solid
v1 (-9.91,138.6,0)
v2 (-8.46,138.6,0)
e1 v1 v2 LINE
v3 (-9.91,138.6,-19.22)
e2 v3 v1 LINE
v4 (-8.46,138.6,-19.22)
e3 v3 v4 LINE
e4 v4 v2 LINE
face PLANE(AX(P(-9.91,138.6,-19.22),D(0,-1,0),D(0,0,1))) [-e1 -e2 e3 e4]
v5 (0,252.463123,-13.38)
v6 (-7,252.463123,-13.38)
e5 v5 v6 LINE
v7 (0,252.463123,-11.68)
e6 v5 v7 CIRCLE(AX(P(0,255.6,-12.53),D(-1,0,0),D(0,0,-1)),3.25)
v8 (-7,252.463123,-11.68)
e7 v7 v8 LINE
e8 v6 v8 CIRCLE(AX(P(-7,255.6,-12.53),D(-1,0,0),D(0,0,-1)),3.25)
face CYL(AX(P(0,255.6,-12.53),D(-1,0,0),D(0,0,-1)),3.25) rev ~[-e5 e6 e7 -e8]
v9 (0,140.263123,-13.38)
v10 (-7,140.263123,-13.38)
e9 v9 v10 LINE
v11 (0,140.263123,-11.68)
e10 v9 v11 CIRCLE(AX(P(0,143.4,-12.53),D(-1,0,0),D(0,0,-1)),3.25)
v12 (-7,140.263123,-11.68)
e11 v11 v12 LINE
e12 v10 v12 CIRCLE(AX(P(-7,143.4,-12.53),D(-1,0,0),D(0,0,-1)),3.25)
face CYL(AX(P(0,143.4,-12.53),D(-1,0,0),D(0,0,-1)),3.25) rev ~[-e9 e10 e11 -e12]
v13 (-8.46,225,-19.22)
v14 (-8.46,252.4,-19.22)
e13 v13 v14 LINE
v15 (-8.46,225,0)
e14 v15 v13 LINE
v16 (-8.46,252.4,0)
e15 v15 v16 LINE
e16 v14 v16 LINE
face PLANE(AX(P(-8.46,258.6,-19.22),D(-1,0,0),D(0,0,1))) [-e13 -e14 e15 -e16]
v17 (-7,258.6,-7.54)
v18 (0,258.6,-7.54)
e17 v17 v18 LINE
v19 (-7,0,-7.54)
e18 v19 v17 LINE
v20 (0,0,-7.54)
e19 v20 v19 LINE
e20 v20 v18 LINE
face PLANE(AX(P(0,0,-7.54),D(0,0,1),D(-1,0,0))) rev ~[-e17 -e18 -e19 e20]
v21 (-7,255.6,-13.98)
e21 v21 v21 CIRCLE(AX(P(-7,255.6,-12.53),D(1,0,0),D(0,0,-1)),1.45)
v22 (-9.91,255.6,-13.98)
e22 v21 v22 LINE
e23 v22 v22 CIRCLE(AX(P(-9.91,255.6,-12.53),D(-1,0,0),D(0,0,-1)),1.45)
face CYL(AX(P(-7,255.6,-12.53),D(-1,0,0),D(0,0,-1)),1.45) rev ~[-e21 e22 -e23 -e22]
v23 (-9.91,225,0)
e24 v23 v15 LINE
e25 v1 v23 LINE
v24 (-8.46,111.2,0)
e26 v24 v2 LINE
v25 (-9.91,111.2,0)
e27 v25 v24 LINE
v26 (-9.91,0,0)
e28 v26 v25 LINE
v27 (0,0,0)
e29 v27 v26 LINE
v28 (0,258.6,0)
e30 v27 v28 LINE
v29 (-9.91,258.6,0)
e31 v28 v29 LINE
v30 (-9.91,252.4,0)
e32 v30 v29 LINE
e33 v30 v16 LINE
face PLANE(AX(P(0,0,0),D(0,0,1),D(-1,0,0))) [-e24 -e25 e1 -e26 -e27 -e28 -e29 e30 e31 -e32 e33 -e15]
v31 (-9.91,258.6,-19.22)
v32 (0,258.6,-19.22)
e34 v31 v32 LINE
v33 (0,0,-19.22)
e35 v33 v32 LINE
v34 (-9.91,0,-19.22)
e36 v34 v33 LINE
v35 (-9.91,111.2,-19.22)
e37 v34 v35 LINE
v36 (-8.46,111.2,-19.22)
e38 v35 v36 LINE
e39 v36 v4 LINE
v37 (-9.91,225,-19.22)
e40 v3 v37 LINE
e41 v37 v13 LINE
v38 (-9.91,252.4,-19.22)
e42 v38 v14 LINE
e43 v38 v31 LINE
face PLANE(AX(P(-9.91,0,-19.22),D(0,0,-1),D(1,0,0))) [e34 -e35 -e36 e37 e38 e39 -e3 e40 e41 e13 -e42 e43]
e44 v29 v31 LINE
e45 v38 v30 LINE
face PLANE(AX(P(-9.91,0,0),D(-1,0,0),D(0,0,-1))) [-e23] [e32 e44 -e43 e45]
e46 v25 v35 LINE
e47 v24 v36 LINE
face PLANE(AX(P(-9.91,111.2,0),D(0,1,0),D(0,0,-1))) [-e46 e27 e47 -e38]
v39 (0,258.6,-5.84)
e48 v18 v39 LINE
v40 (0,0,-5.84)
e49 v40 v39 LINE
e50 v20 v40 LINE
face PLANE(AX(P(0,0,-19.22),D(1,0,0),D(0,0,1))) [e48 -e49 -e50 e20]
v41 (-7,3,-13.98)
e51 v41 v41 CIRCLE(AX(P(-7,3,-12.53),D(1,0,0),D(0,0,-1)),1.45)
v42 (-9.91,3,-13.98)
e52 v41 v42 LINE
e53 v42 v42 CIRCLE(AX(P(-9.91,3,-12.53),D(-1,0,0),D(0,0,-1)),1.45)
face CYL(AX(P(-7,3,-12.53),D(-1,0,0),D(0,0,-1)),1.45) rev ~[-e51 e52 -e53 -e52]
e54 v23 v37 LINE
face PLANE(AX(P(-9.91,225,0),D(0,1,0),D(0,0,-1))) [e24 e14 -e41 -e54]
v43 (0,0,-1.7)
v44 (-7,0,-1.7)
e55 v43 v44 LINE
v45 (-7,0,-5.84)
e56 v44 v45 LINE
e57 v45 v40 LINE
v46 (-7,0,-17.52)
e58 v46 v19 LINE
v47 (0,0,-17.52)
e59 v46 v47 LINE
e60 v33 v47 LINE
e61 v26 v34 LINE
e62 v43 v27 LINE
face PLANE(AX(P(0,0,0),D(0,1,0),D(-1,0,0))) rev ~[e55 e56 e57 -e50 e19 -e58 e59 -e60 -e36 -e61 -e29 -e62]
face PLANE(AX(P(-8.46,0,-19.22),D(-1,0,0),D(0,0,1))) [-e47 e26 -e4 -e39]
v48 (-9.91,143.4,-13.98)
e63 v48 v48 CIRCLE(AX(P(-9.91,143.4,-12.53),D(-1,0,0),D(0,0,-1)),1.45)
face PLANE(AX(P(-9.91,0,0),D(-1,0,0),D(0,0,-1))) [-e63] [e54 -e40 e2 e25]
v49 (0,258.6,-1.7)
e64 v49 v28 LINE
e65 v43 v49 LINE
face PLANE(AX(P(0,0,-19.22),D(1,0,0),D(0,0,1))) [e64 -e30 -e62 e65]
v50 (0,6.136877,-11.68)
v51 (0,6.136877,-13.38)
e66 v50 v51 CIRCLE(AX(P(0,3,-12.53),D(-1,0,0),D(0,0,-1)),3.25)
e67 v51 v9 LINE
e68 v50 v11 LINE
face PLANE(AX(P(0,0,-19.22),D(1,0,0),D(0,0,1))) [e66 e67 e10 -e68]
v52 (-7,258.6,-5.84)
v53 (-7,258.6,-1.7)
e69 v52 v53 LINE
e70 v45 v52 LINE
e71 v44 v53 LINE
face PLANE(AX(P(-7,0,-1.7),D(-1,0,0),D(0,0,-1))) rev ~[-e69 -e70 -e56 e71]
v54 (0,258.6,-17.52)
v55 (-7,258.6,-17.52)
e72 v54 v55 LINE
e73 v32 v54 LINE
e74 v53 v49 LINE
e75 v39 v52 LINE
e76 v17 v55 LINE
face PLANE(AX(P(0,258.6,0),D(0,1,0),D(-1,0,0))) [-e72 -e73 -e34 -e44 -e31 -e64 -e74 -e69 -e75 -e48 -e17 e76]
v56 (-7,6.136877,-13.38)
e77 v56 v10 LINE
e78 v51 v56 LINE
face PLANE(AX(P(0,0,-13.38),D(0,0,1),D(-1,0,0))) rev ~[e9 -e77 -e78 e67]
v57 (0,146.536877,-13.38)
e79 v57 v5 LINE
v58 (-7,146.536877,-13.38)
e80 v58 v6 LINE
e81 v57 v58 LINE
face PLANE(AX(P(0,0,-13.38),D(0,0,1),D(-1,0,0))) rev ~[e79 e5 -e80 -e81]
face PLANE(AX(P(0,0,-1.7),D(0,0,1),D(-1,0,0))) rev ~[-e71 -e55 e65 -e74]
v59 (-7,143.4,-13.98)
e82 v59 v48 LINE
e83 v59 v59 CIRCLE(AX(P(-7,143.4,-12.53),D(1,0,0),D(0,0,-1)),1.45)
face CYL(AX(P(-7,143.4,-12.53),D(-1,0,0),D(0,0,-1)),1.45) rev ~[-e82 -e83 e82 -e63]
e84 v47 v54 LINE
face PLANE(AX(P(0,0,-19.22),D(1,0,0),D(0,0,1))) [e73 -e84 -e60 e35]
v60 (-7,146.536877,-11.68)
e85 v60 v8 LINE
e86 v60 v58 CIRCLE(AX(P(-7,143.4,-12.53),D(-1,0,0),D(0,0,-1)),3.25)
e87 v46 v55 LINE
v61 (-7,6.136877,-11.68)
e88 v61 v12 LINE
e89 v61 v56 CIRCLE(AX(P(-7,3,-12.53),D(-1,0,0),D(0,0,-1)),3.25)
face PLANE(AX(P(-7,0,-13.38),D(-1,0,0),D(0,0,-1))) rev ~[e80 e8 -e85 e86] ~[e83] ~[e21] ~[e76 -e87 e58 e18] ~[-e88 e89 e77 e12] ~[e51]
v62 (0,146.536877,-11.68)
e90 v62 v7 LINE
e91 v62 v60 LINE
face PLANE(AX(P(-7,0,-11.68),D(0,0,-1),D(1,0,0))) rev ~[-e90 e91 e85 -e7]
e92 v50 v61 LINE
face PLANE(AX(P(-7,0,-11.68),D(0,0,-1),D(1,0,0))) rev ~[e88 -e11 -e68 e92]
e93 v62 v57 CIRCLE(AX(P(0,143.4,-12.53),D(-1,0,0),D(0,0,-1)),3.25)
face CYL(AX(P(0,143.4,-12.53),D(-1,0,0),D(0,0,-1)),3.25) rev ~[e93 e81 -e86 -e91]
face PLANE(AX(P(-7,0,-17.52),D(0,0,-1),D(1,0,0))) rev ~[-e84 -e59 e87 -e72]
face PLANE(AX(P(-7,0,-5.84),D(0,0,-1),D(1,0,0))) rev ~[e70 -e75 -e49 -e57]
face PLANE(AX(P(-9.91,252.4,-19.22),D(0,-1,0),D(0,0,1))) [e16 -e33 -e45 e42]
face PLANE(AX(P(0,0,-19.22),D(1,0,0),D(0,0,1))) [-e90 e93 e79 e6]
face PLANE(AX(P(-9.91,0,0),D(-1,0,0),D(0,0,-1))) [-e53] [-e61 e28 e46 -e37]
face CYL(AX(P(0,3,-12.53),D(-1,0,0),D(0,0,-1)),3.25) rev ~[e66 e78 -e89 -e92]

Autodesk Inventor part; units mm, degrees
ref_plane "YZ Plane" through (0, 0, 0) normal (1, 0, 0) x (0, 1, 0)
ref_plane "XZ Plane" through (0, 0, 0) normal (0, 1, 0) x (-1, 0, 0)
ref_plane "XY Plane" through (0, 0, 0) normal (0, 0, 1) x (1, 0, 0)
sketch "Sketch1" plane through (0, 0, 0) normal (0, 1, 0) x (-1, 0, 0)
  line L0 (0, 0) -> (9.91, 0)
  line L1 (9.91, 0) -> (9.91, -19.22)
  line L2 (9.91, -19.22) -> (0, -19.22)
  line L3 (0, -19.22) -> (0, 0)
  dimension "d0" = 19.22
  dimension "d1" = 9.91
extrude "Extrusion1" add sketch "Sketch1" along normal blind 258.6
sketch "Sketch2" plane through (0, 0, 0) normal (0, -1, 0) x (1, 0, 0)
  line L0 (0, -1.7) -> (-7, -1.7)
  line L1 (-7, -1.7) -> (-7, -5.84)
  line L2 (-7, -5.84) -> (0, -5.84)
  line L3 (0, -5.84) -> (0, -1.7)
  line L4 (0, 0) -> (-9.91, 0) projected
  line L5 (0, -19.22) -> (0, 0) projected
  dimension "d31" = 1.7
  dimension "d32" = 4.14
  dimension "d33" = 7
extrude "Extrusion2" cut sketch "Sketch2" against normal through all
sketch "Sketch3" plane through (0, 0, 0) normal (0, -1, 0) x (1, 0, 0)
  line L0 (0, -7.54) -> (-7, -7.54)
  line L1 (-7, -7.54) -> (-7, -11.68)
  line L2 (-7, -11.68) -> (0, -11.68)
  line L3 (0, -11.68) -> (0, -7.54)
  line L4 (0, -5.84) -> (-7, -5.84) projected
  line L5 (-7, -5.84) -> (-7, -1.7) projected
  point P0 (0, 0)
  dimension "d39" = 1.7
  dimension "d40" = 4.14
extrude "Extrusion3" cut sketch "Sketch3" against normal through all
sketch "Sketch4" plane through (0, 0, 0) normal (0, -1, 0) x (1, 0, 0)
  line L0 (0, -13.38) -> (-7, -13.38)
  line L1 (-7, -13.38) -> (-7, -17.52)
  line L2 (-7, -17.52) -> (0, -17.52)
  line L3 (0, -17.52) -> (0, -13.38)
  line L4 (0, -11.68) -> (-7, -11.68) projected
  line L5 (-7, -11.68) -> (-7, -7.54) projected
  point P0 (0, 0)
  dimension "d43" = 1.7
  dimension "d44" = 4.14
extrude "Extrusion4" cut sketch "Sketch4" against normal through all
hole "Hole7" at (0, 3, -12.53) direction (-1, 0, 0) diameter 2.9 end through all counterbore diameter 6.5 counterbore depth 7 clearance for "Socket Head Cap Screw" size "M2.5" standard "Ansi Metric M Profile"
hole "Hole8" at (0, 143.4, -12.53) direction (-1, 0, 0) diameter 2.9 end through all counterbore diameter 6.5 counterbore depth 7 clearance for "Socket Head Cap Screw" size "M2.5" standard "Ansi Metric M Profile"
hole "Hole15" at (0, 255.6, -12.53) direction (-1, 0, 0) diameter 2.9 end through all counterbore diameter 6.5 counterbore depth 7
sketch "Sketch6" plane through (-9.91, 0, -19.22) normal (-1, 0, 0) x (0, 0, 1)
  line L0 (0, 0) -> (0, 258.6) projected
  line L1 (19.22, 0) -> (19.22, 258.6) projected
  line L2 (0, 138.6) -> (19.22, 138.6)
  line L3 (19.22, 138.6) -> (19.22, 111.2)
  line L4 (19.22, 111.2) -> (0, 111.2)
  line L5 (0, 111.2) -> (0, 138.6)
  line L6 (19.22, 0) -> (0, 0) projected
  dimension "d158" = 111.2
  dimension "d159" = 138.6
extrude "Extrusion6" cut sketch "Sketch6" against normal blind 1.45 contours L0 L2 L1 L4
sketch "Sketch7" plane through (-9.91, 258.6, -19.22) normal (-1, 0, 0) x (0, 0, 1)
  line L0 (0, -120) -> (0, 0) projected
  line L1 (19.22, -120) -> (19.22, 0) projected
  line L2 (0, -6.2) -> (19.22, -6.2)
  line L3 (19.22, -6.2) -> (19.22, -33.6)
  line L4 (19.22, -33.6) -> (0, -33.6)
  line L5 (0, -33.6) -> (0, -6.2)
  line L6 (19.22, -258.6) -> (0, -258.6) projected
  dimension "d162" = 225
  dimension "d163" = 252.4
extrude "Extrusion7" cut sketch "Sketch7" against normal blind 1.45
properties part number "6089-111_FF_right_heatsink"
